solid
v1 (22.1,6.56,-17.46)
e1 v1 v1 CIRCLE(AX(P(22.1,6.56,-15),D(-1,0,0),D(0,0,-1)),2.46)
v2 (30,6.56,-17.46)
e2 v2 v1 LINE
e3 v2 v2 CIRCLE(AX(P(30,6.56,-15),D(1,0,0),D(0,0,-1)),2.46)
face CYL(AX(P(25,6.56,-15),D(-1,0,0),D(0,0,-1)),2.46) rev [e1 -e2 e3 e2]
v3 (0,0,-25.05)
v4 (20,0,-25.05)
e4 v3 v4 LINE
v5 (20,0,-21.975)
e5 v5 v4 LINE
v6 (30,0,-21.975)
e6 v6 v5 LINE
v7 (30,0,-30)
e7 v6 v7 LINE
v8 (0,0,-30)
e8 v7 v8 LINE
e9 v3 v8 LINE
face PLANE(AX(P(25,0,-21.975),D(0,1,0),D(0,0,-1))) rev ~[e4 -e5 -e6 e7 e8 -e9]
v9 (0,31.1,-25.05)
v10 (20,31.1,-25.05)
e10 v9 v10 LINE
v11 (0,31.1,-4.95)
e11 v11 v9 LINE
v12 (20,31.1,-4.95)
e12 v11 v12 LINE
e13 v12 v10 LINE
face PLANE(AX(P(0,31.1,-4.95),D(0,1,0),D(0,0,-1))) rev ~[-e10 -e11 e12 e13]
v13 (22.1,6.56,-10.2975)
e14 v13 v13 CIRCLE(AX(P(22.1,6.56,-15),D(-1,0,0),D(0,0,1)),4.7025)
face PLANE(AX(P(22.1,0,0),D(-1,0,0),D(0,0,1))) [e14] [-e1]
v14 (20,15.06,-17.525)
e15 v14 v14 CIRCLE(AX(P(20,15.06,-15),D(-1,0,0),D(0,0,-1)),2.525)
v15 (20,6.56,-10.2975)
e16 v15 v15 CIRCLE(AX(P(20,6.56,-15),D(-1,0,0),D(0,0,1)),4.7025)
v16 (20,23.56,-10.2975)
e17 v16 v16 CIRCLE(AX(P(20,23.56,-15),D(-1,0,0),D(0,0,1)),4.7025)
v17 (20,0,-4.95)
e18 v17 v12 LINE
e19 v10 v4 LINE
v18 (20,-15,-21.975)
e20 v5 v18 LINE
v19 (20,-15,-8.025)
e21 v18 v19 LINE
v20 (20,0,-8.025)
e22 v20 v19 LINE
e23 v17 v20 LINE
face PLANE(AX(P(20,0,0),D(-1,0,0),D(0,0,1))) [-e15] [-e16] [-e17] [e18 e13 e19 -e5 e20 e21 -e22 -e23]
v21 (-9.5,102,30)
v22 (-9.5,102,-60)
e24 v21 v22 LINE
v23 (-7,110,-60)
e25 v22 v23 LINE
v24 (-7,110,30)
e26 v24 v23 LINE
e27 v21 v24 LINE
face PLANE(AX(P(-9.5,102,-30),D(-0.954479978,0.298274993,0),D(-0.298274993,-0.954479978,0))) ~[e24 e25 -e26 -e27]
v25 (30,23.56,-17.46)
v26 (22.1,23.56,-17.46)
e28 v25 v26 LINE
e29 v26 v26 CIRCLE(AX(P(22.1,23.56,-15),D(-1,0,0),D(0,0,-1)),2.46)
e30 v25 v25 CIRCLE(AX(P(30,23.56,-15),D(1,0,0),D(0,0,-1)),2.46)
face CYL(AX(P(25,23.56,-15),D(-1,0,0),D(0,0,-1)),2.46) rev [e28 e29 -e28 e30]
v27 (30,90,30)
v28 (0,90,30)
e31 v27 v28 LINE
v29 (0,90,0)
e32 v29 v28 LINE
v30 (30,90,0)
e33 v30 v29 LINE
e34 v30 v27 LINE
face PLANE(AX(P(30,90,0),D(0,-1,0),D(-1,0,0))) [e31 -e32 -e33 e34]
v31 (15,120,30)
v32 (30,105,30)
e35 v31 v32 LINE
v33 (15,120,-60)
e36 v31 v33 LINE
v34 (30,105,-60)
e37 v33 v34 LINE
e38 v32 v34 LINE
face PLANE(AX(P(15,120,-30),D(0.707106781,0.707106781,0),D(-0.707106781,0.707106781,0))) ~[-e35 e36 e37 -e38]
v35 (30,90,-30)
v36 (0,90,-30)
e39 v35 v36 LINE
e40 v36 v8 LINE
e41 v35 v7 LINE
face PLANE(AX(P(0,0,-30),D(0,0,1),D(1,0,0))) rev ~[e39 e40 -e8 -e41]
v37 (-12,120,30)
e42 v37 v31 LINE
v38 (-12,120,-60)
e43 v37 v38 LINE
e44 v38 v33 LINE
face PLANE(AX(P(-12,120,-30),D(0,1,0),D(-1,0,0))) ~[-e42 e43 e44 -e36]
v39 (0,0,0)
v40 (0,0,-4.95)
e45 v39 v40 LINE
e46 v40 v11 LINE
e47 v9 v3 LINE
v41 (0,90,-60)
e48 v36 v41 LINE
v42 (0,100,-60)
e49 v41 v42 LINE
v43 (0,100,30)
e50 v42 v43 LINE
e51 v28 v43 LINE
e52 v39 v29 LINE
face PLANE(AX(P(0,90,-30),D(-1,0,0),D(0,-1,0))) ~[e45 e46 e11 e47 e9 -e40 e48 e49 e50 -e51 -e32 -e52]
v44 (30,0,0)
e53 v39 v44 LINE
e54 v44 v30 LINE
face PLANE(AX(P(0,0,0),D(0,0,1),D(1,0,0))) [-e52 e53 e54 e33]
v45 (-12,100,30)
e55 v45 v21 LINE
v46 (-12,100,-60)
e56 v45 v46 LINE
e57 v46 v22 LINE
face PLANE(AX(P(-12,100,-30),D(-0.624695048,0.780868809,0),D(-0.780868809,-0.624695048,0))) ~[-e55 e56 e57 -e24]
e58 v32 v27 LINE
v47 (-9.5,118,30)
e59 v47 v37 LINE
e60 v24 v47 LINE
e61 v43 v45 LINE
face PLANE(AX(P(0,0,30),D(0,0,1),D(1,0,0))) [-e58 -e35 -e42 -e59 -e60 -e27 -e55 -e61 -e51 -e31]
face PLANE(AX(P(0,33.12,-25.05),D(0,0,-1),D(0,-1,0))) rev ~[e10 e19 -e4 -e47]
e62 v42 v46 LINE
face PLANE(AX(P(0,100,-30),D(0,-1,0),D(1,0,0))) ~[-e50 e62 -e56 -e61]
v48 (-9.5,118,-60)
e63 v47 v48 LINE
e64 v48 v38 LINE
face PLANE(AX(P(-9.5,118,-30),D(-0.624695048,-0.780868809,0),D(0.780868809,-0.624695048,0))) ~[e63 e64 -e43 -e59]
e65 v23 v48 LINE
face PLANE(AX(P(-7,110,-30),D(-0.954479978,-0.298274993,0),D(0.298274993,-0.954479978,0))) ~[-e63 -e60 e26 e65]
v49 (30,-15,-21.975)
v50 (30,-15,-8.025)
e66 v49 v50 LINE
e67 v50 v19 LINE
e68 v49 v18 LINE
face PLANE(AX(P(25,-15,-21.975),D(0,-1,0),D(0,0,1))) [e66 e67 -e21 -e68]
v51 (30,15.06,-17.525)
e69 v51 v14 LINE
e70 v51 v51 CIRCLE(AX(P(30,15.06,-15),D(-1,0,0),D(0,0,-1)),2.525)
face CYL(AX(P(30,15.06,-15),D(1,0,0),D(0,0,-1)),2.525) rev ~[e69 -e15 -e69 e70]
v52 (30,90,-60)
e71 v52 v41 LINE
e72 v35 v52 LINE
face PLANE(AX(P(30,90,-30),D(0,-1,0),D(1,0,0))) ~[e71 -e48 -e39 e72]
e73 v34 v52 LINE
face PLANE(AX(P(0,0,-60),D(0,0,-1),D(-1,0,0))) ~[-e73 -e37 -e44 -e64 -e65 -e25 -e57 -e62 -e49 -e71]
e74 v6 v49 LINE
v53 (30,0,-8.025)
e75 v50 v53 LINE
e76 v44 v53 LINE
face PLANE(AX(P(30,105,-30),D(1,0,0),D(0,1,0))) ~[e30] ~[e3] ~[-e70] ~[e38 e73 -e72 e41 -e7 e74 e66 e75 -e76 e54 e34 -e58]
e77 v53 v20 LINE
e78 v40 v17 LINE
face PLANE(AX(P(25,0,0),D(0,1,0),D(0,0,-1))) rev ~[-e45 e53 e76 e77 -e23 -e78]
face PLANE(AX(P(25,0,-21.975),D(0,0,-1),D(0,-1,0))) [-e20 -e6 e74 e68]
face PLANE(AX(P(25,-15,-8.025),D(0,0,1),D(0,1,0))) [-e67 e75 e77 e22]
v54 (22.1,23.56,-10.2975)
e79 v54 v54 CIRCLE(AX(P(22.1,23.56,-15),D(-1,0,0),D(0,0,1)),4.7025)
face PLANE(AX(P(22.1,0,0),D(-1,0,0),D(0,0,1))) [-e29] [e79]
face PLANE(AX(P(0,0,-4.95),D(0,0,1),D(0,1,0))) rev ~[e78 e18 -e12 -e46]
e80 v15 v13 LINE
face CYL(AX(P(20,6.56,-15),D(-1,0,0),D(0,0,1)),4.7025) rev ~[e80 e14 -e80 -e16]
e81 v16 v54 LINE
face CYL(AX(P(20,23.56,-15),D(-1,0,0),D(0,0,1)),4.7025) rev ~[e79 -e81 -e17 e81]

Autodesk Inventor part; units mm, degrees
ref_plane "YZ Plane" through (0, 0, 0) normal (1, 0, 0) x (0, 1, 0)
ref_plane "XZ Plane" through (0, 0, 0) normal (0, 1, 0) x (-1, 0, 0)
sketch "Sketch1" plane through (0, 0, 0) normal (0, 0, 1) x (1, 0, 0)
  line L0 (0, 0) -> (25, 0)
  line L1 (25, 0) -> (25, 40)
  line L2 (25, 40) -> (0, 40)
  line L3 (0, 40) -> (0, 0)
  dimension "d1" = 25
  dimension "d2" = 40
  dimension "d3" = 25
extrude "Extrusion1" add sketch "Sketch1" against normal blind 30
sketch "Sketch2" plane through (25, 0, 0) normal (1, 0, 0) x (0, 0, -1)
  line L0 (0, 0) -> (30, 0) projected
  circle A0 centre (15, 6.56) radius 2.46
extrude "Extrusion2" cut sketch "Sketch2" against normal blind 30
sketch "Sketch3" plane through (0, 0, 0) normal (-1, 0, 0) x (0, 0, 1)
  line L0 (0, 0) -> (-30, 0) projected
  line L1 (-25.05, 0) -> (-4.95, 0)
  line L2 (-4.95, 0) -> (-4.95, 33.12)
  line L3 (-4.95, 33.12) -> (-25.05, 33.12)
  line L4 (-25.05, 33.12) -> (-25.05, 0)
  dimension "d11" = 20.1
extrude "Extrusion3" cut sketch "Sketch3" against normal blind 20
sketch "Sketch4" plane through (0, 0, 0) normal (0, -1, 0) x (1, 0, 0)
  line L0 (20, -4.95) -> (20, -25.05) projected
  line L1 (20, -15) -> (25, -15)
  line L2 (25, 0) -> (25, -30) projected
  line L3 (20, -8.025) -> (25, -8.025)
  line L4 (25, -8.025) -> (25, -21.975)
  line L5 (25, -21.975) -> (20, -21.975)
  line L6 (20, -21.975) -> (20, -8.025)
  line L7 (20, -8.025) -> (25, -21.975) construction
  line L8 (25, -8.025) -> (20, -21.975) construction
  line L9 (25, -12.54) -> (25, -17.46) projected
  point P0 (0, 0)
  point P1 (22.5, -15)
  dimension "d14" = 13.95
extrude "Extrusion4" add sketch "Sketch4" along normal blind 15
sketch "Sketch5" plane through (20, 0, 0) normal (-1, 0, 0) x (0, 0, 1)
  circle A0 centre (-15, 6.56) radius 2.46 projected
  circle A1 centre (-15, 6.56) radius 4.7025
  circle A2 centre (-15, 6.56) radius 2.46 projected
  circle A3 centre (-15, 6.56) radius 2.46
  point P0 (0, 0)
  dimension "d17" = 9.405
extrude "Extrusion5" cut sketch "Sketch5" against normal blind 2.1
sketch "Sketch6" plane through (25, 0, 0) normal (1, 0, 0) x (0, 0, -1)
  circle A0 centre (15, 6.56) radius 4.7025 projected
  line L0 (15, 6.56) -> (15, 23.56)
  circle A1 centre (15, 23.56) radius 2.46
  point P0 (0, 0)
  dimension "d20" = 17
  dimension "d21" = 4.92
extrude "Extrusion6" cut sketch "Sketch6" against normal blind 10 contours A1
sketch "Sketch7" plane through (20, 0, 0) normal (-1, 0, 0) x (0, 0, 1)
  circle A0 centre (-15, 23.56) radius 2.46 projected
  circle A1 centre (-15, 23.56) radius 4.7025
  point P0 (0, 0)
  dimension "d24" = 9.405
extrude "Extrusion7" cut sketch "Sketch7" against normal blind 2.1
sketch "Sketch9" plane through (25, 0, 0) normal (1, 0, 0) x (0, 0, -1)
  circle A0 centre (15, 6.56) radius 2.46 projected
  circle A1 centre (15, 6.56) radius 2.46
  circle A2 centre (15, 23.56) radius 2.46 projected
  circle A3 centre (15, 23.56) radius 2.46
  line L0 (30, 40) -> (30, 0) projected
  line L1 (30, 0) -> (30, 40)
  line L2 (30, 40) -> (0, 40)
  line L3 (0, 40) -> (0, 0)
  line L4 (0, 0) -> (8.025, 0) projected
  line L5 (21.975, 0) -> (21.975, -15)
  line L6 (21.975, -15) -> (8.025, -15)
  line L7 (8.025, -15) -> (8.025, 0)
  line L8 (0, 0) -> (8.025, 0)
  line L9 (21.975, 0) -> (30, 0)
extrude "Extrusion8" add sketch "Sketch9" along normal blind 5
sketch "Sketch10" plane through (0, 40, 0) normal (0, 1, 0) x (1, 0, 0)
  line L0 (0, 30) -> (30, 30) projected
  line L1 (30, 0) -> (0, 0) projected
  line L2 (0, 30) -> (30, 30)
  line L3 (30, 30) -> (30, 0)
  line L4 (30, 0) -> (0, 0)
  line L5 (0, 0) -> (0, 30)
extrude "Extrusion9" add sketch "Sketch10" along normal blind 30
sketch "Sketch12" plane through (30, 0, 0) normal (1, 0, 0) x (0, 0, -1)
  circle A0 centre (15, 6.56) radius 2.46 projected
  line L0 (15, 6.56) -> (15, 15.06)
  circle A1 centre (15, 15.06) radius 2.525
  point P0 (0, 0)
  dimension "d31" = 8.5
  dimension "d33" = 5.05
extrude "Extrusion10" cut sketch "Sketch12" against normal blind 30 contours A1
sketch "Sketch14" plane through (0, 0, 0) normal (0, 0, 1) x (1, 0, 0)
  line L0 (30, 70) -> (0, 70) projected
  line L1 (0, 70) -> (0, 85)
  line L2 (30, 0) -> (30, 70) projected
  line L3 (30, 100) -> (30, 70)
  line L4 (-12, 120) -> (15, 120)
  line L5 (-9.5, 118) -> (-7, 110)
  line L6 (-9.5, 118) -> (-12, 120)
  line L7 (-9.5, 102) -> (-7, 110)
  line L8 (-9.5, 102) -> (-12, 100)
  line L9 (30, 105) -> (15, 120)
  line L10 (30, 105) -> (30, 100)
  line L11 (0, 85) -> (0, 100)
  line L12 (0, 100) -> (-12, 100)
  point P0 (0, 0)
  dimension "d60" = 20
  dimension "d64" = 12
extrude "Extrusion12" add sketch "Sketch14" against normal blind 30
sketch "Sketch15" plane through (0, 0, -25.05) normal (-1, 0, 0) x (0, 0, 1)
  line L0 (0, 33.12) -> (20.1, 33.12) projected
  line L1 (20.1, 33.12) -> (20.1, 0) projected
  line L2 (0, 33.12) -> (20.1, 33.12)
  line L3 (20.1, 33.12) -> (20.1, 31.1)
  line L4 (20.1, 31.1) -> (0, 31.1)
  line L5 (0, 31.1) -> (0, 33.12)
  point P0 (25.05, 0)
  dimension "d57" = 2.02
extrude "Extrusion13" add sketch "Sketch15" against normal blind 20
sketch "Sketch20" plane through (0, 0, 0) normal (0, 0, 1) x (1, 0, 0)
  line L0 (0, 100) -> (-12, 100) projected
  line L1 (0, 100) -> (-12, 100)
  line L2 (-12, 100) -> (-9.5, 102) projected
  line L3 (-12, 100) -> (-9.5, 102)
  line L4 (-9.5, 102) -> (-7, 110) projected
  line L5 (-9.5, 102) -> (-7, 110)
  line L6 (-7, 110) -> (-9.5, 118) projected
  line L7 (-7, 110) -> (-9.5, 118)
  line L8 (-9.5, 118) -> (-12, 120) projected
  line L9 (-9.5, 118) -> (-12, 120)
  line L10 (-12, 120) -> (15, 120) projected
  line L11 (-12, 120) -> (15, 120)
  line L12 (15, 120) -> (30, 105) projected
  line L13 (15, 120) -> (30, 105)
  line L14 (30, 105) -> (30, 90)
  line L15 (30, 0) -> (30, 105) projected
  line L16 (30, 90) -> (0, 90)
  line L17 (0, 90) -> (0, 100)
  point P0 (0, 0)
  dimension "d65" = 15
  dimension "d66" = 30
extrude "Extrusion14" add sketch "Sketch20" along normal blind 30
ref_plane "Work Plane1" through (0, 0, -15) normal (0, 0, 1) x (1, 0, 0)
mirror "Mirror1" about plane through (0, 0, -15) normal (0, 0, 1) of "Extrusion14"
properties part number "rec_b_16mm_x_90mm"
